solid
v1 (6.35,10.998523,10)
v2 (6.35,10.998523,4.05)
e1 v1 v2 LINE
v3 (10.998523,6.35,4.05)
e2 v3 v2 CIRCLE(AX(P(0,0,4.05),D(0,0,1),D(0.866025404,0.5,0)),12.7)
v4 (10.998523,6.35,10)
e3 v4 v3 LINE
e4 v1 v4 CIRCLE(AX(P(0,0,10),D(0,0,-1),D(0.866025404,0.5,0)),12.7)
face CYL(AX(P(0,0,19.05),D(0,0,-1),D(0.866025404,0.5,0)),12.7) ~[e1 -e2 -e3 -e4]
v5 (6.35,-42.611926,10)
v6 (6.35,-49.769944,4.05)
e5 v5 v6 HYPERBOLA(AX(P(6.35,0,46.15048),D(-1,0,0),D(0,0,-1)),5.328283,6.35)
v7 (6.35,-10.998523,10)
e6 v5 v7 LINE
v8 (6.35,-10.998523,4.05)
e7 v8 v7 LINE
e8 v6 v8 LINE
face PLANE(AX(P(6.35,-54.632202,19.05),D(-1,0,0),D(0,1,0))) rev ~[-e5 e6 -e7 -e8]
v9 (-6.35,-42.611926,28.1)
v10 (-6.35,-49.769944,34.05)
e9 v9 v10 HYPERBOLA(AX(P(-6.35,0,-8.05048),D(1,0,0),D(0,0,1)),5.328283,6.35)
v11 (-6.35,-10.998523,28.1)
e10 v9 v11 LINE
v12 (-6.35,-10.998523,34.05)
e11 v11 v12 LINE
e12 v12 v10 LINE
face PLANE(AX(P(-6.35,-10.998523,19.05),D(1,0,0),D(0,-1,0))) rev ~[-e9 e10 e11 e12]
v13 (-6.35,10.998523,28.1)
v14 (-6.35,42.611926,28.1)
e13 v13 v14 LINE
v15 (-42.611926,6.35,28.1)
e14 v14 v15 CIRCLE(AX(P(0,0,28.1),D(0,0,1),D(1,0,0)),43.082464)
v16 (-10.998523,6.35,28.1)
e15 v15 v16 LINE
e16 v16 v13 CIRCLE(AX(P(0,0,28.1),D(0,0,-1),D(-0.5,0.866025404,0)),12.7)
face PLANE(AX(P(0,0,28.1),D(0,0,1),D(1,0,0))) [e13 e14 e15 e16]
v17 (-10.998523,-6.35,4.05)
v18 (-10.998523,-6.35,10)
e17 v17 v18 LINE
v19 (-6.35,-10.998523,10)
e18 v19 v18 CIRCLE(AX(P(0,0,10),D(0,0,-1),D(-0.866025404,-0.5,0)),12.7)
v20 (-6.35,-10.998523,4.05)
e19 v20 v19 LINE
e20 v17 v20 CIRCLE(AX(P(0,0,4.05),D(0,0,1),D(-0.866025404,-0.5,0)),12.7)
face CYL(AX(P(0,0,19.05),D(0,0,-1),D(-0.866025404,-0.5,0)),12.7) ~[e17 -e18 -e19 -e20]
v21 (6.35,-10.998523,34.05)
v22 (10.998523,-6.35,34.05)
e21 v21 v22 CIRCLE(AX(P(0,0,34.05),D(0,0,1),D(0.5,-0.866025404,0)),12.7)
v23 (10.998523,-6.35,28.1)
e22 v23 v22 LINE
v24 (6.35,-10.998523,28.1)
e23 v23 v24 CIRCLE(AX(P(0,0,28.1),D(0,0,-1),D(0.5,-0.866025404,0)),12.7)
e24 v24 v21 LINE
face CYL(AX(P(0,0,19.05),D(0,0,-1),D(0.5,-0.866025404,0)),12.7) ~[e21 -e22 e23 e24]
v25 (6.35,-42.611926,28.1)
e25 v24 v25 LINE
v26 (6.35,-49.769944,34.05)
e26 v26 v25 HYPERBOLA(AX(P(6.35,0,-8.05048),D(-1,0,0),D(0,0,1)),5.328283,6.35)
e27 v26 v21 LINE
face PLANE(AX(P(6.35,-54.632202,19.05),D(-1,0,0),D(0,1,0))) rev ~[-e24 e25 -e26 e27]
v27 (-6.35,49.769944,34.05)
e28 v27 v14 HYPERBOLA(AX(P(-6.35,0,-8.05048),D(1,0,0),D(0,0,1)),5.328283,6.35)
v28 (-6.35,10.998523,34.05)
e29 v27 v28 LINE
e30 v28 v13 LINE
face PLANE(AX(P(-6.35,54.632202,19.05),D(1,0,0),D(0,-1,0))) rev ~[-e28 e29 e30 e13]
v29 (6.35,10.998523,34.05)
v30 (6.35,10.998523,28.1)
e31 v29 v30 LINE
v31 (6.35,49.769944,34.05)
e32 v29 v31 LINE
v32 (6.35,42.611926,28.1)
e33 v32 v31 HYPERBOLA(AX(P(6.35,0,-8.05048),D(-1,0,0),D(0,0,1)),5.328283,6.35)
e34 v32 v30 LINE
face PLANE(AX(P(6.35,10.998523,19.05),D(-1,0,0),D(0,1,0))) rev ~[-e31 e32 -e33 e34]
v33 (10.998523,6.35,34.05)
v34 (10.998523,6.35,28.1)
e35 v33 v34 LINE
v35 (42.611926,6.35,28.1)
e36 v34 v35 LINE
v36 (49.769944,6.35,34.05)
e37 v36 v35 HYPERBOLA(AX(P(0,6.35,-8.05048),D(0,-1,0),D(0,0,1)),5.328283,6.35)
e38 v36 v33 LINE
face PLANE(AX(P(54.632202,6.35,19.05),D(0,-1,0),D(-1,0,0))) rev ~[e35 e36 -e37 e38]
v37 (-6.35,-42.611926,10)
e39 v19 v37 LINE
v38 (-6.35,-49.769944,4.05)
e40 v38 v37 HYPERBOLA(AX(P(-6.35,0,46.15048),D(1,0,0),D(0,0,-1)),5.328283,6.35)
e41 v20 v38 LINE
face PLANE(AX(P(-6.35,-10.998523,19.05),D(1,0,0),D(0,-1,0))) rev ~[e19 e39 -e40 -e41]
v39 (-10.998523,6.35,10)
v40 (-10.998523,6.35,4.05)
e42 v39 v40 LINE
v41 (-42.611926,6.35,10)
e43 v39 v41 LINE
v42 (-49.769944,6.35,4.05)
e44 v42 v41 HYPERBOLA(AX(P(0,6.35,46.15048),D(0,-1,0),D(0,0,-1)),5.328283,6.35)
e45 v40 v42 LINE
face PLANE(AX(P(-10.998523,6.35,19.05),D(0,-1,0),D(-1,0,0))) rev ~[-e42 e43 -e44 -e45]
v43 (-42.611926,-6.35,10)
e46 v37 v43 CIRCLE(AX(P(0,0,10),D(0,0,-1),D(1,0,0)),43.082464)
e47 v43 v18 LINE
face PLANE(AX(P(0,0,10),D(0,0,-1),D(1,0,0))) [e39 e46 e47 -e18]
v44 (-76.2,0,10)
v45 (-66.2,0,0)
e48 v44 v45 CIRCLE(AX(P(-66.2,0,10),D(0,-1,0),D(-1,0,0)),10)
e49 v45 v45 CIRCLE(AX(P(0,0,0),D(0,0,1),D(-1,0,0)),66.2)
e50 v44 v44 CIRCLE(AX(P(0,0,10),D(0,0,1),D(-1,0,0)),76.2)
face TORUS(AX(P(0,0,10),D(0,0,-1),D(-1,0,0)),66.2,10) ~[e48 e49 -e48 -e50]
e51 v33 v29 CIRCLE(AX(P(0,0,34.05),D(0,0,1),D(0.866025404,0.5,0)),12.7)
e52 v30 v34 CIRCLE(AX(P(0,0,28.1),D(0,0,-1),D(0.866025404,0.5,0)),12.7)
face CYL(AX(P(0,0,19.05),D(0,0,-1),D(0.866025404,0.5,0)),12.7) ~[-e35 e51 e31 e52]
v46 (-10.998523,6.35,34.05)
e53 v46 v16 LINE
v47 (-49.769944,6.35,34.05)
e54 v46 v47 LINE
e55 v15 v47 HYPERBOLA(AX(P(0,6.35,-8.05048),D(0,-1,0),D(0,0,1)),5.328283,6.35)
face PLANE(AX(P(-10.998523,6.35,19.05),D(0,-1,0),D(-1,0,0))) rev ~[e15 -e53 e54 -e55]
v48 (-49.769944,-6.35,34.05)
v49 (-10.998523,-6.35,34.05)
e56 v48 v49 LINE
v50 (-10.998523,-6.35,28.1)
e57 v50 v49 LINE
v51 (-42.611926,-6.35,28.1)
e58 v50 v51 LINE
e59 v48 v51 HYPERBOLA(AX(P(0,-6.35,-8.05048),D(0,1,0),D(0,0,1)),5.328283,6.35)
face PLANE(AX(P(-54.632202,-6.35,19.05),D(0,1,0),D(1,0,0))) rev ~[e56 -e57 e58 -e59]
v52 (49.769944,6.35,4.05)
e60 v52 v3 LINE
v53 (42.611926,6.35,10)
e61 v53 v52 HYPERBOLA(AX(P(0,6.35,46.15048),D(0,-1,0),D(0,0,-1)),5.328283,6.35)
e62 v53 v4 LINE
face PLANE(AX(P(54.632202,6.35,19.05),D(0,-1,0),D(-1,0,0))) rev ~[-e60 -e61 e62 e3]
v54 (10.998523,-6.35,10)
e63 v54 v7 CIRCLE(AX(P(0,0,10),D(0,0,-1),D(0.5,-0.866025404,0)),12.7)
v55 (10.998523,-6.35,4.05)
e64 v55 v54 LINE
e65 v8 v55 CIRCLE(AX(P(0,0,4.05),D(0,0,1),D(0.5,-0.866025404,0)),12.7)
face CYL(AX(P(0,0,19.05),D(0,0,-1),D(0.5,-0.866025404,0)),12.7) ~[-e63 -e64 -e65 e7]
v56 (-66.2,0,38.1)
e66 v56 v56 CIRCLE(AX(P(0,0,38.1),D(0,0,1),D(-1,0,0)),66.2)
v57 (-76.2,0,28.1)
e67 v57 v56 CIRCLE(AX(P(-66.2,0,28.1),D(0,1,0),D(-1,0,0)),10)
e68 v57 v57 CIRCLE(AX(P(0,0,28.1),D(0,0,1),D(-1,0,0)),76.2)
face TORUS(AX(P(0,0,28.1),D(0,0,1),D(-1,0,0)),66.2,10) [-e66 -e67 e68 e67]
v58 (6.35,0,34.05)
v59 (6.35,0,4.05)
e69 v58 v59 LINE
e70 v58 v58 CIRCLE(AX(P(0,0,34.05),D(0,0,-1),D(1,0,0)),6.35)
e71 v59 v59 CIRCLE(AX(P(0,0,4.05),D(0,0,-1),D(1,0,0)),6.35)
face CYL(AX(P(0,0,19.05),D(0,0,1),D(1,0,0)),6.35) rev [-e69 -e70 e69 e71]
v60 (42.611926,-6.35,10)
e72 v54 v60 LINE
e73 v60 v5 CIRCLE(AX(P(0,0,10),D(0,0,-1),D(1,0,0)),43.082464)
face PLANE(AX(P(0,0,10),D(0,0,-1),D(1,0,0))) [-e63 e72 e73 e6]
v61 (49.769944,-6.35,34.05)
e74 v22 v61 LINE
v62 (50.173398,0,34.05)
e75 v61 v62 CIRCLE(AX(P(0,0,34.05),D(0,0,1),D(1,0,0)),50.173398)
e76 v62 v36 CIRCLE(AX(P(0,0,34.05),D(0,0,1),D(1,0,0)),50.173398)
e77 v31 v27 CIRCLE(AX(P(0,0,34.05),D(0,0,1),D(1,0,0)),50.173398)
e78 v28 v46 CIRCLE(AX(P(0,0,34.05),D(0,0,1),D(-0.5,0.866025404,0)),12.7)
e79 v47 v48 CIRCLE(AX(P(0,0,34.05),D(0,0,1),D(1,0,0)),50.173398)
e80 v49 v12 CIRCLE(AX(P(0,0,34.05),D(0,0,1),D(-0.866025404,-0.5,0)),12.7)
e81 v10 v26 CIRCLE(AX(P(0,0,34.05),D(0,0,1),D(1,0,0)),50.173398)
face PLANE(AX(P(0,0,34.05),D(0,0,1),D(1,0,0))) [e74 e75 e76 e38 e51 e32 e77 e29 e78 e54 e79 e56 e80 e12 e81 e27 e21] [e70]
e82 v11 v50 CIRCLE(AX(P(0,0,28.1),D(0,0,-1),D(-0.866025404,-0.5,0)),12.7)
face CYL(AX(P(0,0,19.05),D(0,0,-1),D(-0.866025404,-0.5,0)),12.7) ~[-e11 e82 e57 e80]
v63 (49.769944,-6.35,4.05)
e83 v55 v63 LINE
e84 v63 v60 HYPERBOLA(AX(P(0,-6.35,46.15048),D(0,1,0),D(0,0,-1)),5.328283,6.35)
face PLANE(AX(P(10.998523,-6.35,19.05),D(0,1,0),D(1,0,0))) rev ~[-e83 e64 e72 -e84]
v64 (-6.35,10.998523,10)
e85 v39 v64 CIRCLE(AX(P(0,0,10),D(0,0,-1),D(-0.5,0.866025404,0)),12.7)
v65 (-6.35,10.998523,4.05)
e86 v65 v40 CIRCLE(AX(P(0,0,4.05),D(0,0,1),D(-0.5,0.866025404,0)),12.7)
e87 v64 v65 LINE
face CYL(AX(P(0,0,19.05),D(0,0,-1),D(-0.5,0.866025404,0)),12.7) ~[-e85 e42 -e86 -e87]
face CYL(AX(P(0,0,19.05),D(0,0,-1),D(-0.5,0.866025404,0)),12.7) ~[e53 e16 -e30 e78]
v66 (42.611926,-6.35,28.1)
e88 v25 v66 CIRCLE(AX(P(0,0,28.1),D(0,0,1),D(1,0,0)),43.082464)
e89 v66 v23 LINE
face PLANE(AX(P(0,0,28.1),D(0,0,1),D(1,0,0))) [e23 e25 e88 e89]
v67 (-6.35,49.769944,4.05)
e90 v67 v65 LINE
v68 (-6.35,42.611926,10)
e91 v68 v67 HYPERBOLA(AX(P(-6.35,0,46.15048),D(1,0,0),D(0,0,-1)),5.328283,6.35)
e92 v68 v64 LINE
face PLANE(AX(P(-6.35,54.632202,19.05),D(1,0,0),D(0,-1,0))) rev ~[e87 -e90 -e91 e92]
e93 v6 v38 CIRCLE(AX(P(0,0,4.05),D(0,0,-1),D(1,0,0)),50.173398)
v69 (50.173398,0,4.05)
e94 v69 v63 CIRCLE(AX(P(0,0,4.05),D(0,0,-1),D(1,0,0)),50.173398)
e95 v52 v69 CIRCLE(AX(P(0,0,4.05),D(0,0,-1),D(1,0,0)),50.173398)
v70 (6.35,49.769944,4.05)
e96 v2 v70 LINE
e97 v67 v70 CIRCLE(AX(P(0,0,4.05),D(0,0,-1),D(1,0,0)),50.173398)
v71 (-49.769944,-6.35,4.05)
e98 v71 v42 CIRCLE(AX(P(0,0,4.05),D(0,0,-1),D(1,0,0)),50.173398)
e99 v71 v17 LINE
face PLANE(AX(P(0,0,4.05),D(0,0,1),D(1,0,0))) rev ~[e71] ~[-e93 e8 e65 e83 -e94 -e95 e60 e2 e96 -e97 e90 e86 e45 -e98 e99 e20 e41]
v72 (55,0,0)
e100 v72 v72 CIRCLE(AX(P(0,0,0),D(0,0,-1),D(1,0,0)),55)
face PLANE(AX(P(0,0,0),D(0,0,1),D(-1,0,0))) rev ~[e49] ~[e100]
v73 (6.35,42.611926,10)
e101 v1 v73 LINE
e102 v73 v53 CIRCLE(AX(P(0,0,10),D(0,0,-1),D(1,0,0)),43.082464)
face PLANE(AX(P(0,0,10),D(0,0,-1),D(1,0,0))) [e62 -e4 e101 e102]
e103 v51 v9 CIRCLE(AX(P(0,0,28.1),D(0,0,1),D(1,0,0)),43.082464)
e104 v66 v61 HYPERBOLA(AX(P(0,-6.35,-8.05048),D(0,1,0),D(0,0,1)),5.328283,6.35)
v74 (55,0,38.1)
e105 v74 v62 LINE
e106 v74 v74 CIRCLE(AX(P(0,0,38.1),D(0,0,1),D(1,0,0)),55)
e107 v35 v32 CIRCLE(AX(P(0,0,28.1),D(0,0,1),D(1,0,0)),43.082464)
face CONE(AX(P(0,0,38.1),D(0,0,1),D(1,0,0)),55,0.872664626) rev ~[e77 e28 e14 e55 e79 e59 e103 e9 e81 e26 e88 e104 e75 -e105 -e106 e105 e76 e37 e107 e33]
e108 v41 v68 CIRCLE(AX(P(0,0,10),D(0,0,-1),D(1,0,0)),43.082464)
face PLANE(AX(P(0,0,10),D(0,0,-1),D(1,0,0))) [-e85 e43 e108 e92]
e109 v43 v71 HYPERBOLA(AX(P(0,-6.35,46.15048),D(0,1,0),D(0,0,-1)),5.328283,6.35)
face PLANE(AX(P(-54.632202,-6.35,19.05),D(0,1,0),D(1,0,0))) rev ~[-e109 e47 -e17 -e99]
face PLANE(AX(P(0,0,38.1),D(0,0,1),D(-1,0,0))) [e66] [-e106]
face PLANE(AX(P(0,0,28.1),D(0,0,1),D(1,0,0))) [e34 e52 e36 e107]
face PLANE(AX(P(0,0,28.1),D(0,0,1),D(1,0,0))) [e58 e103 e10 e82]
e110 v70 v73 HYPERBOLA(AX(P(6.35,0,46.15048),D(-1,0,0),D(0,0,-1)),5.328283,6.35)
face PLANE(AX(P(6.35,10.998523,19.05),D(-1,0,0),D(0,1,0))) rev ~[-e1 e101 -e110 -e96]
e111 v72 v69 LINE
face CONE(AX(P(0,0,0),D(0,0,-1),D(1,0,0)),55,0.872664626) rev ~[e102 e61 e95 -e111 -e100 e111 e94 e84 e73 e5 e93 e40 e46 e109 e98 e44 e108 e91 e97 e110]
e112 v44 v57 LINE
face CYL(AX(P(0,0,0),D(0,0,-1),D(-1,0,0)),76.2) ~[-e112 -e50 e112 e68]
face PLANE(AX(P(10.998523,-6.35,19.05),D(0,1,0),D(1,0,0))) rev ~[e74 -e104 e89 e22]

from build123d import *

# Parameters (mm, degrees)
SKETCH1_R               = 76.2
BOSS_EXTRUDE1_DEPTH     = 38.1
FILLET1_R               = 10
SKETCH2_R               = 6.35
CUT_EXTRUDE1_DEPTH      = 38.1
SKETCH3_R               = 55
CUT_EXTRUDE2_DEPTH      = 10
CUT_EXTRUDE2_DRAFT      = -50
MIRROR1_COPY_1_SKETCH_R = 55
MIRROR1_COPY_1_DEPTH    = 10
MIRROR1_COPY_1_DRAFT    = -50
SKETCH4_R               = 6.35
BOSS_EXTRUDE3_DEPTH     = 15


with BuildPart() as part:
    # Sketch1 → Boss-Extrude1 (new body)
    with BuildSketch(Plane.XY):
        with Locations(Location((0, 0, 0), (0, 0, 180))):
            Circle(SKETCH1_R)
    extrude(amount=BOSS_EXTRUDE1_DEPTH)

    # Fillet1
    fillet1_edges = [part.edges().sort_by_distance(p)[0] for p in [
        (76.2, 0, 0),
        (76.2, 0, 38.1),
    ]]
    fillet(fillet1_edges, radius=FILLET1_R)

    # Sketch2 → Cut-Extrude1 (cut)
    with BuildSketch(Plane.XY.offset(38.1)):
        Circle(SKETCH2_R)
    extrude(amount=-CUT_EXTRUDE1_DEPTH, mode=Mode.SUBTRACT)


with BuildPart() as cut_extrude2_tool:
    # Sketch3 → Cut-Extrude2 (with draft: the straight prism first)
    with BuildSketch(Plane.XY.offset(38.1)):
        Circle(SKETCH3_R)
    extrude(amount=-CUT_EXTRUDE2_DEPTH)
    # Cut-Extrude2: the draft: its side faces are tilted about the plane it starts from
    cut_extrude2_sides = [cut_extrude2_tool.faces().sort_by_distance(p)[0] for p in [
        (-55, 0, 33.1),
    ]]
    draft(cut_extrude2_sides, Plane.XY.offset(38.1), CUT_EXTRUDE2_DRAFT)


with BuildPart() as part_1:
    add(part.part)

    # Cut-Extrude2: cut by cut_extrude2_tool
    add(cut_extrude2_tool.part, mode=Mode.SUBTRACT)


with BuildPart() as mirror1_copy_1_tool:
    # Mirror1 copy 1 sketch → Mirror1 copy 1 (with draft: the straight prism first)
    with BuildSketch(Plane(origin=(0, 0, 0), x_dir=(1, 0, 0), z_dir=(0, 0, -1))):
        Circle(MIRROR1_COPY_1_SKETCH_R)
    extrude(amount=-MIRROR1_COPY_1_DEPTH)
    # Mirror1 copy 1: the draft: its side faces are tilted about the plane it starts from
    mirror1_copy_1_sides = [mirror1_copy_1_tool.faces().sort_by_distance(p)[0] for p in [
        (-55, 0, 5),
    ]]
    draft(mirror1_copy_1_sides, Plane(origin=(0, 0, 0), x_dir=(1, 0, 0), z_dir=(0, 0, -1)), MIRROR1_COPY_1_DRAFT)


with BuildPart() as part_2:
    add(part_1.part)

    # Mirror1 copy 1: cut by mirror1_copy_1_tool
    add(mirror1_copy_1_tool.part, mode=Mode.SUBTRACT)

    # Sketch4 → Boss-Extrude3 (add, symmetric)
    with BuildSketch(Plane(origin=(0, 0, 19.05), x_dir=(-1, 0, 0), z_dir=(0, 0, -1))):
        with BuildLine():
            Line((10.998522628, 6.35), (54.632202042, 6.35))
            Line((54.632202042, 6.35), (54.632202042, -6.35))
            Line((54.632202042, -6.35), (10.998522628, -6.35))
            ThreePointArc((10.998522628, -6.35), (8.980256121, -8.980256121), (6.35, -10.998522628))
            Line((6.35, -10.998522628), (6.35, -54.632202042))
            Line((6.35, -54.632202042), (-6.35, -54.632202042))
            Line((-6.35, -54.632202042), (-6.35, -10.998522628))
            ThreePointArc((-6.35, -10.998522628), (-8.980256121, -8.980256121), (-10.998522628, -6.35))
            Line((-10.998522628, -6.35), (-54.632202042, -6.35))
            Line((-54.632202042, -6.35), (-54.632202042, 6.35))
            Line((-54.632202042, 6.35), (-10.998522628, 6.35))
            ThreePointArc((-10.998522628, 6.35), (-8.980256121, 8.980256121), (-6.35, 10.998522628))
            Line((-6.35, 10.998522628), (-6.35, 54.632202042))
            Line((-6.35, 54.632202042), (6.35, 54.632202042))
            Line((6.35, 54.632202042), (6.35, 10.998522628))
            ThreePointArc((6.35, 10.998522628), (8.980256121, 8.980256121), (10.998522628, 6.35))
        make_face()
        with Locations(Location((0, 0, 0), (0, 0, 180))):
            Circle(SKETCH4_R, mode=Mode.SUBTRACT)
    extrude(amount=BOSS_EXTRUDE3_DEPTH, both=True)


solid = part_2.part
